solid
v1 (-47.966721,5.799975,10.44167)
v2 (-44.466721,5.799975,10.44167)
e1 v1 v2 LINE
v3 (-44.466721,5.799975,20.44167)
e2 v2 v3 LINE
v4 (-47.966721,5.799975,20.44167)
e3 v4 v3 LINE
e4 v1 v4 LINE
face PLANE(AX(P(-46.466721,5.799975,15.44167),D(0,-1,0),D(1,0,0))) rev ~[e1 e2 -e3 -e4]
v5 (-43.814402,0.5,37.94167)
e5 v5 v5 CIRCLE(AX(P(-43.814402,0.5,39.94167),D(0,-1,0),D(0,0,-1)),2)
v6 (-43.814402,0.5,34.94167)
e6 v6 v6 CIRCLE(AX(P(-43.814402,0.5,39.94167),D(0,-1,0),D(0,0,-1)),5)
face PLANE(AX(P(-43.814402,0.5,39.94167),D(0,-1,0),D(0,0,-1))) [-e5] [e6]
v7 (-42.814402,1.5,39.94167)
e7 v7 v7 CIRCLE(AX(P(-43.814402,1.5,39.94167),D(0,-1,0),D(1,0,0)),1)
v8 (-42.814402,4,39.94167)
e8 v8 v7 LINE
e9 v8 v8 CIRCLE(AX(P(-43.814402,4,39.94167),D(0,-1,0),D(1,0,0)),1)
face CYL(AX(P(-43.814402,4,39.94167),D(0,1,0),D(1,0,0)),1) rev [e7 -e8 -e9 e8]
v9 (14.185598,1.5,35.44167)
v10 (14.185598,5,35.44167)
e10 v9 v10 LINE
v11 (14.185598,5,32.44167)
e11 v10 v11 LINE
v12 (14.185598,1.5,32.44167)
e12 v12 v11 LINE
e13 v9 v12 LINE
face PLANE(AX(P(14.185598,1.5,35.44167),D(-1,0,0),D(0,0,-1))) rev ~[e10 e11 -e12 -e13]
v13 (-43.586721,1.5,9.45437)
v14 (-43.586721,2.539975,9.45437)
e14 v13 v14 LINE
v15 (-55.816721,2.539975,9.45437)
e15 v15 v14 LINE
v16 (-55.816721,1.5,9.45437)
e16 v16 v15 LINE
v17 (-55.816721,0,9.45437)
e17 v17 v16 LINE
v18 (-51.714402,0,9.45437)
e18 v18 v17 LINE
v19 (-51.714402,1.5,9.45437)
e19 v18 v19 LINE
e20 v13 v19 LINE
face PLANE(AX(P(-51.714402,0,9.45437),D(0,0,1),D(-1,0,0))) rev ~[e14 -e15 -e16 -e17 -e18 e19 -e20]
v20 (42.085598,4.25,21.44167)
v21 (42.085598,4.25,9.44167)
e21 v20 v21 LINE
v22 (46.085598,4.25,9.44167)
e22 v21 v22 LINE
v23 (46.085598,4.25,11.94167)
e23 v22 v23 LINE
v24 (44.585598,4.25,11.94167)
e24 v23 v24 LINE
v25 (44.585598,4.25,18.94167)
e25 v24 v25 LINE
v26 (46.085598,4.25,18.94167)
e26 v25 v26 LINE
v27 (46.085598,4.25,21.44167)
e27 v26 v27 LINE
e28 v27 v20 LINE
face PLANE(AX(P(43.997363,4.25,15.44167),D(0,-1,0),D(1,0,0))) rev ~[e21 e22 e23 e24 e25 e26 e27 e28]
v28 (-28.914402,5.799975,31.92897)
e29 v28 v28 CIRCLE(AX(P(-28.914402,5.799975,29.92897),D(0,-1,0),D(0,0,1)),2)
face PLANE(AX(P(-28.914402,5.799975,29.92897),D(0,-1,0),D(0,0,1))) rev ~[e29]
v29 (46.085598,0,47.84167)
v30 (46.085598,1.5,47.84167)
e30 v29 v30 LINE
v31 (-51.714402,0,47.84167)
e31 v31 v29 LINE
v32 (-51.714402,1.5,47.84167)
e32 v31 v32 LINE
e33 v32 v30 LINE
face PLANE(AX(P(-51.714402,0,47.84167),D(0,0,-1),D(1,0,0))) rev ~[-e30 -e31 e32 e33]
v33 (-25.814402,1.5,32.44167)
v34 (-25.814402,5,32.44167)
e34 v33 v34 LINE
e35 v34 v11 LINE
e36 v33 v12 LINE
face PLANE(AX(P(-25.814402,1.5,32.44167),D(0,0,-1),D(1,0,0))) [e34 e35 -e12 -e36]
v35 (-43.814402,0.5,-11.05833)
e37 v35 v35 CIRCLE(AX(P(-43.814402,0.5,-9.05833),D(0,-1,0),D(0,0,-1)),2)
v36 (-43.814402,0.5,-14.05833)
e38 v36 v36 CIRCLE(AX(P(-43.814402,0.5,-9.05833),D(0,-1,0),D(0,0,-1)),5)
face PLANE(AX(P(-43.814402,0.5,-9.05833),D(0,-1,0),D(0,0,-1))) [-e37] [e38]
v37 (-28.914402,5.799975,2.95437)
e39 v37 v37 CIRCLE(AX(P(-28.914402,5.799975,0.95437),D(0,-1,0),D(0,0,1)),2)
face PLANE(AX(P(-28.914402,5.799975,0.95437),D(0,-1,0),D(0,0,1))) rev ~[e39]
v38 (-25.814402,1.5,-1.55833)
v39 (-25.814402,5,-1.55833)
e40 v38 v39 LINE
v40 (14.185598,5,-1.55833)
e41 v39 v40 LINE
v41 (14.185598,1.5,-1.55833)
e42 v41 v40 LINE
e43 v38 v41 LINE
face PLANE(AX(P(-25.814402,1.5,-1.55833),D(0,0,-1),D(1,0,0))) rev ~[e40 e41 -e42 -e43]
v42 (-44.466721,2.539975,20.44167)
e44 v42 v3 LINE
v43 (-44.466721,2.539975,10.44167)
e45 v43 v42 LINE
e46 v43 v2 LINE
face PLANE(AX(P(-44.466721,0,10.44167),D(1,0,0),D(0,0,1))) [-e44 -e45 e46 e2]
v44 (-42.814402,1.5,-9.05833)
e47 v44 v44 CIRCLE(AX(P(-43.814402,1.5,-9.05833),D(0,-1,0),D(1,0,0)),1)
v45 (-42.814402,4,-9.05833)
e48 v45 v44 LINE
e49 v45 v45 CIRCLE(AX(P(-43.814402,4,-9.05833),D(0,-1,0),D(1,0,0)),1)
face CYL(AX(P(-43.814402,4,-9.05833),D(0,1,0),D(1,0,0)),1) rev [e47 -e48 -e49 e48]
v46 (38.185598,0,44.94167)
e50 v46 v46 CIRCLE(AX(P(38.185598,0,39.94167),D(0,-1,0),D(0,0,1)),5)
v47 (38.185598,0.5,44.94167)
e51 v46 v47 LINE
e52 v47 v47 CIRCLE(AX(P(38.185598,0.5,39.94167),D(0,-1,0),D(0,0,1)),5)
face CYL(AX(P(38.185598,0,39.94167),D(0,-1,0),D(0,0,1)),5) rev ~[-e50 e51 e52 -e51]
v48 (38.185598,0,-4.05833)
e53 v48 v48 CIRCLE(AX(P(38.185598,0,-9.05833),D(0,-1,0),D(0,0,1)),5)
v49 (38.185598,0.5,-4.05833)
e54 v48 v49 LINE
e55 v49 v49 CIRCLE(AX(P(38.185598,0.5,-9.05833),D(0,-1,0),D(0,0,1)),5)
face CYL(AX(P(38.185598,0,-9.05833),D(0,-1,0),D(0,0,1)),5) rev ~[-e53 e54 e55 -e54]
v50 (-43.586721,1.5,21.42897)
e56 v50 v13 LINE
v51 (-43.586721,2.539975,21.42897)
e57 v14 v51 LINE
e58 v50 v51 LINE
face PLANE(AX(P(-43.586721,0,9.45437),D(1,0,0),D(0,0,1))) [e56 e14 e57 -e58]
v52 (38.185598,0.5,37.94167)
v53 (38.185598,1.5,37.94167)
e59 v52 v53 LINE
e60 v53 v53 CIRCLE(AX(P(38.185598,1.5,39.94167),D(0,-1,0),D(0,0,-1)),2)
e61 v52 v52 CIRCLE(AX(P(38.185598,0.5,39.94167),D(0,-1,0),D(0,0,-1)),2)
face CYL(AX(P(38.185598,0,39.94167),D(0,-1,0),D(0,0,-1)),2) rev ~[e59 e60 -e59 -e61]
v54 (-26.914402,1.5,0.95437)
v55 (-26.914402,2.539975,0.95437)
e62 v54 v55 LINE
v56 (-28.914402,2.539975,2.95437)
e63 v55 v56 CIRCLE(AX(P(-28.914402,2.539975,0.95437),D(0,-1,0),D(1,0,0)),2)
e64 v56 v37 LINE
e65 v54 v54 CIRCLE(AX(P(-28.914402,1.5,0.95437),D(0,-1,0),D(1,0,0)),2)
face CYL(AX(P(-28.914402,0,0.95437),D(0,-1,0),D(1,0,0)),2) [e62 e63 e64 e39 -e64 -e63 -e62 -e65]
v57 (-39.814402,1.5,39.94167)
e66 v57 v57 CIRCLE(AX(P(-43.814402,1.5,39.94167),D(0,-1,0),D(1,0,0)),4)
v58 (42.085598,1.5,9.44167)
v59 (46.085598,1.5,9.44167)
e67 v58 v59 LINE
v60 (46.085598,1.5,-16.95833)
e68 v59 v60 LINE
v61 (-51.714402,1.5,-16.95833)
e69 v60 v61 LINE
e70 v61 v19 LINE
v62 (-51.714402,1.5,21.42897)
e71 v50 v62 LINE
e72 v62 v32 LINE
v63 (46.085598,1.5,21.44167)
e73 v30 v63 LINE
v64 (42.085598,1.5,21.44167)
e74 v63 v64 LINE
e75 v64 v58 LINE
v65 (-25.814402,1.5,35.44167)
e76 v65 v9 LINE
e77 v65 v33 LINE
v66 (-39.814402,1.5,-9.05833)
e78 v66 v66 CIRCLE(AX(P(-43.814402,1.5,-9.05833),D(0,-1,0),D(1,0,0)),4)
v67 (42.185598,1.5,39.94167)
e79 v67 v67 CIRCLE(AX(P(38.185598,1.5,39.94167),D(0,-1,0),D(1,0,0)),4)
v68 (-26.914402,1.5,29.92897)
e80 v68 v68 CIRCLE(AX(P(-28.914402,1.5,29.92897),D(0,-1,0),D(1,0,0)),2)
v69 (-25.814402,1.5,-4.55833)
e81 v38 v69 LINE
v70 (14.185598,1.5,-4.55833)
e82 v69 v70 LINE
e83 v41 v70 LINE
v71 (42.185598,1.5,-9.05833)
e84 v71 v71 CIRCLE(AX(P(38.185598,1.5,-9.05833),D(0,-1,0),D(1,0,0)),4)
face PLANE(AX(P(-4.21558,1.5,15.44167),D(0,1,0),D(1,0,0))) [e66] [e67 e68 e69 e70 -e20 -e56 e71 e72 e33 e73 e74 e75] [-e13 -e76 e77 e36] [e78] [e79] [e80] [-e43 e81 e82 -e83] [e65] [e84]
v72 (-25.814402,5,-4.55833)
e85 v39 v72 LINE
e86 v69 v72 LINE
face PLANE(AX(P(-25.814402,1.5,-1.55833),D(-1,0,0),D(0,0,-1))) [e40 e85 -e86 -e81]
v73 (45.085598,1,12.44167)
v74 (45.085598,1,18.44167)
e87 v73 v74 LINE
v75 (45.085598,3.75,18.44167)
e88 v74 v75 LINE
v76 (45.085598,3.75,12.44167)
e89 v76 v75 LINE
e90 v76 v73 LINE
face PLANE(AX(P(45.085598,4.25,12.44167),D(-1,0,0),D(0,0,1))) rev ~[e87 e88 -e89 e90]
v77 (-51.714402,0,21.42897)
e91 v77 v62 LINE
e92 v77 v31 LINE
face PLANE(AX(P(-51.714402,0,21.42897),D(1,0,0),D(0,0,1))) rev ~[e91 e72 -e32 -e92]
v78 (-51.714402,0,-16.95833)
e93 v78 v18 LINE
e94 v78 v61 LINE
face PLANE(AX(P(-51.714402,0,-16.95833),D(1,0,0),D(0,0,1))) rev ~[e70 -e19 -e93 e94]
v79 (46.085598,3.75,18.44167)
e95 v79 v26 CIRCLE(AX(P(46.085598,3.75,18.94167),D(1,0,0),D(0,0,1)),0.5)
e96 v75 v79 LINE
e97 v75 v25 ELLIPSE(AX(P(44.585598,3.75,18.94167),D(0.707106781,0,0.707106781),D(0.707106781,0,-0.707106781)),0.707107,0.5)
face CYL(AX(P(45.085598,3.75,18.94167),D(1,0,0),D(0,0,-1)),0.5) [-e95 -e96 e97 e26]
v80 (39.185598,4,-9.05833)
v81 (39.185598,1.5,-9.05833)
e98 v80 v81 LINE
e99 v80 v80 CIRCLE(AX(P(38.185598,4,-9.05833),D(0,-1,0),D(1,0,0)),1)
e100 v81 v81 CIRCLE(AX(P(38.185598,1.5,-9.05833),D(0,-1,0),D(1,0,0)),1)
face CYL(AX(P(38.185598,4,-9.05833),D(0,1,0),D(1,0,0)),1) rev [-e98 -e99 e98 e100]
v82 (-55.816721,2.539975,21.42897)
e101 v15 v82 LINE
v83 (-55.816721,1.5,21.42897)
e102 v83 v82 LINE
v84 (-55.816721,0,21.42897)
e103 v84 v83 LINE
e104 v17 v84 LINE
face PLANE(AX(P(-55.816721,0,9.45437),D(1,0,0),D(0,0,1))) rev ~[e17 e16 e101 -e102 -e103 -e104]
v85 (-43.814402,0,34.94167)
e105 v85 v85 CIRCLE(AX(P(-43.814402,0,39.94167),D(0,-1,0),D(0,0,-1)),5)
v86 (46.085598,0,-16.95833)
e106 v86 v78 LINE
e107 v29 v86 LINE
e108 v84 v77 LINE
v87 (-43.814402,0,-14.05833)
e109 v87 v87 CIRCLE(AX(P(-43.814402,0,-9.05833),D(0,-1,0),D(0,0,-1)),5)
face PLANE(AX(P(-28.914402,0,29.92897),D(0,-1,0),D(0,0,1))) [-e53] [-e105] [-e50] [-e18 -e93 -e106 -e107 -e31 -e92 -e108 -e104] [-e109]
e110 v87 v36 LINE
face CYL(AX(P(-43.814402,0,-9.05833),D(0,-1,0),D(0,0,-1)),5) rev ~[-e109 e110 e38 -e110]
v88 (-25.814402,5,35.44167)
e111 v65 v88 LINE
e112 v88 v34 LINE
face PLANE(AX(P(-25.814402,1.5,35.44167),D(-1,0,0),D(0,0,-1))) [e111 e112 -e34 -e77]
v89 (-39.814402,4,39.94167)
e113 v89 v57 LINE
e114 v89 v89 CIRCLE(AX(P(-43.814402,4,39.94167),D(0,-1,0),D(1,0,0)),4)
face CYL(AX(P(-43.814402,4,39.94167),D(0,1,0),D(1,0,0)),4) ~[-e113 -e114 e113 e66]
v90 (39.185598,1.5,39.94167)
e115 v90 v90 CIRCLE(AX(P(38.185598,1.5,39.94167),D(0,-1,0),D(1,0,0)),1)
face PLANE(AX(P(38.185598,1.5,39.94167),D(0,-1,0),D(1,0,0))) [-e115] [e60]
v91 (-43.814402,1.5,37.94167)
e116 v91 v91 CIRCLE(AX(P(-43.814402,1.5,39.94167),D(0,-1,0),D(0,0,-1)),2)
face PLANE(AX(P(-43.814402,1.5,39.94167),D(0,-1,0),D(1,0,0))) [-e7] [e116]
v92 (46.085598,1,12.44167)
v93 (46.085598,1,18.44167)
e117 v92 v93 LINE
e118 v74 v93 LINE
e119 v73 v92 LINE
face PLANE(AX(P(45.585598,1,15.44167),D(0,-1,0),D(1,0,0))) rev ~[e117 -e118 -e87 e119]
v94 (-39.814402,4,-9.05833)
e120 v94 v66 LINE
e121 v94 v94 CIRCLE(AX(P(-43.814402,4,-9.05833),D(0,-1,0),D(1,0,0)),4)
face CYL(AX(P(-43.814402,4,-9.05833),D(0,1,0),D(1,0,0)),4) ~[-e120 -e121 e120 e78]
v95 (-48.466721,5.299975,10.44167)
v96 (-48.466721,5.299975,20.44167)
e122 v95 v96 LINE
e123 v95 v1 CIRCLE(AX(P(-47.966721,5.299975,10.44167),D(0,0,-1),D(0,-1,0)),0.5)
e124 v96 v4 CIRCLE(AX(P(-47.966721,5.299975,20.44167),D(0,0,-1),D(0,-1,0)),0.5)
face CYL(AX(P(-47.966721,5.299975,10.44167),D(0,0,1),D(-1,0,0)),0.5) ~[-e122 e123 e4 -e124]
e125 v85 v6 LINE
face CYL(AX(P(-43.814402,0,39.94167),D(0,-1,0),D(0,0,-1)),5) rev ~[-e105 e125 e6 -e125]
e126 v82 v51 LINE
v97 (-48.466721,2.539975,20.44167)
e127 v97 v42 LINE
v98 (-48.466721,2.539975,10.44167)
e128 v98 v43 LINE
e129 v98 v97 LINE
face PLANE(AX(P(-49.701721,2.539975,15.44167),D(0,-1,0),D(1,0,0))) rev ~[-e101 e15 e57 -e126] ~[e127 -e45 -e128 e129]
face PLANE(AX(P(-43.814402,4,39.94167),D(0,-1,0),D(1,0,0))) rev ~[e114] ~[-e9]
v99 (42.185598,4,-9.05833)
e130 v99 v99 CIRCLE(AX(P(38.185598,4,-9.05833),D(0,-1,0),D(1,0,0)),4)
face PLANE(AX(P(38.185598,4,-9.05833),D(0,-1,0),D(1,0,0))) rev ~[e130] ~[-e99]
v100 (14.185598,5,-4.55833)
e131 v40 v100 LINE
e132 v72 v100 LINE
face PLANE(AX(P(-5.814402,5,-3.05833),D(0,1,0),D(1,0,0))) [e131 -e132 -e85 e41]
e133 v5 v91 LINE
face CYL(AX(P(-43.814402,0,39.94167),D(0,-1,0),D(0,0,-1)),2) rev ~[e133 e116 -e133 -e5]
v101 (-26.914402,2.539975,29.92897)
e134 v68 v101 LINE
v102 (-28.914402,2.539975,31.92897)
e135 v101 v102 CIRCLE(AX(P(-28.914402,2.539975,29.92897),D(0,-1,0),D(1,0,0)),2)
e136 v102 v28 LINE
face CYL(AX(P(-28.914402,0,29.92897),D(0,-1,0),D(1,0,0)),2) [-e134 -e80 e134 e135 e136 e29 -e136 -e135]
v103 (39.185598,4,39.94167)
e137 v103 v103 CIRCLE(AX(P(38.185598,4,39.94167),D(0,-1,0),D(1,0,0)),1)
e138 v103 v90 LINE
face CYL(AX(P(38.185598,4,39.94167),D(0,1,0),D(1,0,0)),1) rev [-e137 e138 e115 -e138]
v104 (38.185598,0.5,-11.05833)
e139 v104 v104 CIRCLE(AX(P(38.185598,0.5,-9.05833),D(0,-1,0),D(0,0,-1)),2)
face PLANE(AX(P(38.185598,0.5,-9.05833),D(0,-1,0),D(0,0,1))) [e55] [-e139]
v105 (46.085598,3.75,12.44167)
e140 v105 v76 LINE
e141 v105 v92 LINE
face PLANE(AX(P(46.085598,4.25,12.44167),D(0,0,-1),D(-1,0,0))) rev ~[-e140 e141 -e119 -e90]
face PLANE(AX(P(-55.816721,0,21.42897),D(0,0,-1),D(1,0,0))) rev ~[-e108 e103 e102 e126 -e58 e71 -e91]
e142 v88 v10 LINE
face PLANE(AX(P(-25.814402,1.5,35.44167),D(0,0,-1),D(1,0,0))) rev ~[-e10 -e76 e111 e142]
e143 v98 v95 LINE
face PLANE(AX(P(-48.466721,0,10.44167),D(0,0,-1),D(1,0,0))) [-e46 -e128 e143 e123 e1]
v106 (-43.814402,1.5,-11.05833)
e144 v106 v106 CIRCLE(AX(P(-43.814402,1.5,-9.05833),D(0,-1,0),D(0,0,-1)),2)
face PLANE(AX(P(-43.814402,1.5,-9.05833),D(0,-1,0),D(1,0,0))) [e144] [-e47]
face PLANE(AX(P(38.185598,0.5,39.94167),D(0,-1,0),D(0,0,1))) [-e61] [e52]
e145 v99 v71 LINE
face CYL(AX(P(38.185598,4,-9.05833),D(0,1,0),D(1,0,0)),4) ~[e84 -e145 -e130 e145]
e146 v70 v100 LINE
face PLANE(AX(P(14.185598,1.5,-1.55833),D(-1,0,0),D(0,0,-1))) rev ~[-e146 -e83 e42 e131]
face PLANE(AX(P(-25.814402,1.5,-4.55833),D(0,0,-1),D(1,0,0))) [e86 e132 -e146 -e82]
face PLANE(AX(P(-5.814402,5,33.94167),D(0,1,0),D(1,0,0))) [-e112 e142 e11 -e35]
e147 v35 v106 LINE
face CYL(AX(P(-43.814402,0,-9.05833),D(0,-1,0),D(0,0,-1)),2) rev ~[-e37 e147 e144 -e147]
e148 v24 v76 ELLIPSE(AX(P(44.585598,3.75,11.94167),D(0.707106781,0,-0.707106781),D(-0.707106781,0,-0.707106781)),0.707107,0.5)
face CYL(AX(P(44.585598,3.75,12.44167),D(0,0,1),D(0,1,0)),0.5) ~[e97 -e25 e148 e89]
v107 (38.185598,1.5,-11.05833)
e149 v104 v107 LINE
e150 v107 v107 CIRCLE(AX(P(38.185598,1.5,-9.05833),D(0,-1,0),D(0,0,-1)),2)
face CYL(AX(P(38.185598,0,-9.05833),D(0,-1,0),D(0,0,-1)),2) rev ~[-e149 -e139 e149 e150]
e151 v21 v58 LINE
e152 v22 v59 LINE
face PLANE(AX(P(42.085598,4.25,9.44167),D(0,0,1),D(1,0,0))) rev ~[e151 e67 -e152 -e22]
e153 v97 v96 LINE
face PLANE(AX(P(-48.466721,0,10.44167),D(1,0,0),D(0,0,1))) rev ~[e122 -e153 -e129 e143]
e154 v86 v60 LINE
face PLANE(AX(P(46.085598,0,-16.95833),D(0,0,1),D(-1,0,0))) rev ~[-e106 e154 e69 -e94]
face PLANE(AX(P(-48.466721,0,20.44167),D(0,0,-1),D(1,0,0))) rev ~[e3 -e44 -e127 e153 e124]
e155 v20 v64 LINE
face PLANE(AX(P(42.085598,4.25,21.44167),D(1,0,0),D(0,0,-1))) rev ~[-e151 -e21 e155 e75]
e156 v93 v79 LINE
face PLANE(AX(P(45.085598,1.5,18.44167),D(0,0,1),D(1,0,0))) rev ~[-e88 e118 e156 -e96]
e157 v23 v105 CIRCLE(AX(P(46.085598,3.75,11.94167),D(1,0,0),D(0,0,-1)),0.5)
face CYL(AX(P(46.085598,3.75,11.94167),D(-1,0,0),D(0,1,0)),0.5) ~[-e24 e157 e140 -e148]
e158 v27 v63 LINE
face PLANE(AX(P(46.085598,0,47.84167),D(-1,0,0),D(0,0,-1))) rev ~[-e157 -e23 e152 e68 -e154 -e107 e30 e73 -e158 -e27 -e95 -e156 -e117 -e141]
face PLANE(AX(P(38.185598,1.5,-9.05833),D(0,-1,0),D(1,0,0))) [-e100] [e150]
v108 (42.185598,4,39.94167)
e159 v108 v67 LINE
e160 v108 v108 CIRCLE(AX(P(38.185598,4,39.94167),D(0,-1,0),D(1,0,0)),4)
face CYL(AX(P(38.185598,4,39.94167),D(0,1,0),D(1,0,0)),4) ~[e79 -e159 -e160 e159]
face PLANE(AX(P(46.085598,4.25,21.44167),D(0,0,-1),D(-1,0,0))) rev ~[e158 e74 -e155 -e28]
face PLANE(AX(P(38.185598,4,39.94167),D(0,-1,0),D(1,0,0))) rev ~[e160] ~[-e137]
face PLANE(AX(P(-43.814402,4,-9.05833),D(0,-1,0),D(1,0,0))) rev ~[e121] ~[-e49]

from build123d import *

# Parameters (mm, degrees)
EXTRUDE_1_DEPTH     = 1.5
SKETCH_2_R          = 5
CUT_EXTRUDE_1_DEPTH = 0.5
SKETCH_11_R         = 2
SKETCH_11_W         = 12.230000073
SKETCH_11_H         = 11.974599949
EXTRUDE_5_DEPTH     = 2.539974634
SKETCH_13_R         = 2
SKETCH_13_W         = 4
SKETCH_13_H         = 10
TYPEC_2_DEPTH       = 5.7999746
LED_3_START         = -4.25
LED_3_DEPTH         = 2.75
LED_1_R             = 0.5
CUT_EXTRUDE_2_REACH = 75.743
SKETCH_15_R         = 2
EXTRUDE_START       = -4
SKETCH_16_R         = 4
SKETCH_16_R_2       = 1
EXTRUDE_4_DEPTH     = 2.5
LED_2_START         = -1.5
SKETCH_17_W         = 1
SKETCH_17_H         = 6
LED_2_DEPTH         = 0.5
SKETCH_18_W         = 40
SKETCH_18_H         = 3
EXTRUDE_2_DEPTH     = 3.5


with BuildPart() as part:
    # 草图1 → 凸台-拉伸1 (new body)
    with BuildSketch(Plane(origin=(0, 0, 0), x_dir=(1, 0, 0), z_dir=(0, 1, 0))):
        Polygon((-51.714401712, -9.454370264), (-55.816720774, -9.454370264), (-55.816720774, -21.428970213), (-51.714401712, -21.428970213), (-51.714401712, -47.841670238), (46.085598288, -47.841670238), (46.085598288, 16.958329762), (-51.714401712, 16.958329762), align=None)
    extrude(amount=EXTRUDE_1_DEPTH)

    # 草图2 → 防滑切除-拉伸1 (cut)
    with BuildSketch(Plane.XZ):
        with Locations(Location((-43.814401712, -9.058329762, 0), (0, 0, 270))):
            Circle(SKETCH_2_R)
        with Locations(Location((-43.814401712, 39.941670238, 0), (0, 0, 270))):
            Circle(SKETCH_2_R)
        with Locations(Location((38.185598288, 39.941670238, 0), (0, 0, 90))):
            Circle(SKETCH_2_R)
        with Locations(Location((38.185598288, -9.058329762, 0), (0, 0, 90))):
            Circle(SKETCH_2_R)
    extrude(amount=-CUT_EXTRUDE_1_DEPTH, mode=Mode.SUBTRACT)

    # 草图11 → 充电板档板凸台-拉伸5 (add)
    with BuildSketch(Plane.XZ):
        with Locations((-28.914401712, 29.928970213)):
            Circle(SKETCH_11_R)
        with Locations((-28.914401712, 0.954370264)):
            Circle(SKETCH_11_R)
        with Locations((-49.701720738, 15.441670239)):
            Rectangle(SKETCH_11_W, SKETCH_11_H)
    extrude(amount=-EXTRUDE_5_DEPTH)

    # 草图13 → TypeC支撑凸台-拉伸2 (add)
    with BuildSketch(Plane.XZ):
        with Locations(Location((-28.914401712, 29.928970213, 0), (0, 0, 90))):
            Circle(SKETCH_13_R)
        with Locations(Location((-28.914401712, 0.954370264, 0), (0, 0, 90))):
            Circle(SKETCH_13_R)
        with Locations((-46.466720701, 15.441670238)):
            Rectangle(SKETCH_13_W, SKETCH_13_H)
    extrude(amount=-TYPEC_2_DEPTH)

    # 草图14 → LED限位凸台-拉伸3 (add)
    with BuildSketch(Plane.XZ.offset(LED_3_START)):
        Polygon((45.085598288, 12.441670238), (45.085598288, 18.441670238), (46.085598288, 18.441670238), (46.085598288, 21.441670238), (42.085598288, 21.441670238), (42.085598288, 9.441670238), (46.085598288, 9.441670238), (46.085598288, 12.441670238), align=None)
    extrude(amount=LED_3_DEPTH)

    # LED限位圆角1
    led_1_edges = [part.edges().sort_by_distance(p)[0] for p in [
        (45.585598288, 4.25, 18.441670238),
        (45.585598288, 4.25, 12.441670238),
        (45.085598288, 4.25, 15.441670238),
        (-48.466720701, 5.7999746, 15.441670238),
    ]]
    fillet(led_1_edges, radius=LED_1_R)

    # 草图15 → 螺丝孔位切除-拉伸2 (cut, up to next)
    with BuildSketch(Plane.XZ, mode=Mode.PRIVATE) as cut_extrude_2_sk1:
        with Locations(Location((-43.814401712, -9.058329762, 0), (0, 0, 270))):
            Circle(SKETCH_15_R)
    cut_extrude_2_tool1 = extrude(cut_extrude_2_sk1.sketch, amount=-CUT_EXTRUDE_2_REACH, mode=Mode.PRIVATE) & part.part
    # 草图15 → 螺丝孔位切除-拉伸2 (cut, up to next)
    with BuildSketch(Plane.XZ, mode=Mode.PRIVATE) as cut_extrude_2_sk2:
        with Locations(Location((-43.814401712, 39.941670238, 0), (0, 0, 270))):
            Circle(SKETCH_15_R)
    cut_extrude_2_tool2 = extrude(cut_extrude_2_sk2.sketch, amount=-CUT_EXTRUDE_2_REACH, mode=Mode.PRIVATE) & part.part
    # 草图15 → 螺丝孔位切除-拉伸2 (cut, up to next)
    with BuildSketch(Plane.XZ, mode=Mode.PRIVATE) as cut_extrude_2_sk3:
        with Locations(Location((38.185598288, -9.058329762, 0), (0, 0, 270))):
            Circle(SKETCH_15_R)
    cut_extrude_2_tool3 = extrude(cut_extrude_2_sk3.sketch, amount=-CUT_EXTRUDE_2_REACH, mode=Mode.PRIVATE) & part.part
    # 草图15 → 螺丝孔位切除-拉伸2 (cut, up to next)
    with BuildSketch(Plane.XZ, mode=Mode.PRIVATE) as cut_extrude_2_sk4:
        with Locations(Location((38.185598288, 39.941670238, 0), (0, 0, 270))):
            Circle(SKETCH_15_R)
    cut_extrude_2_tool4 = extrude(cut_extrude_2_sk4.sketch, amount=-CUT_EXTRUDE_2_REACH, mode=Mode.PRIVATE) & part.part
    add(cut_extrude_2_tool1.solids().sort_by_distance((-43.814402, 0, -9.05833))[0], mode=Mode.SUBTRACT)
    add(cut_extrude_2_tool2.solids().sort_by_distance((-43.814402, 0, 39.94167))[0], mode=Mode.SUBTRACT)
    add(cut_extrude_2_tool3.solids().sort_by_distance((38.185598, 0, -9.05833))[0], mode=Mode.SUBTRACT)
    add(cut_extrude_2_tool4.solids().sort_by_distance((38.185598, 0, 39.94167))[0], mode=Mode.SUBTRACT)

    # 草图16 → 螺丝孔凸台-拉伸4 (add)
    # profile 1 of 4: a face of its own
    with BuildSketch(Plane.XZ.offset(EXTRUDE_START)):
        with Locations((38.185598288, -9.058329762)):
            Circle(SKETCH_16_R)
        with Locations((38.185598288, -9.058329762)):
            Circle(SKETCH_16_R_2, mode=Mode.SUBTRACT)
    # profile 2 of 4: a face of its own
    with BuildSketch(Plane.XZ.offset(EXTRUDE_START)):
        with Locations((38.185598288, 39.941670238)):
            Circle(SKETCH_16_R)
        with Locations((38.185598288, 39.941670238)):
            Circle(SKETCH_16_R_2, mode=Mode.SUBTRACT)
    # profile 3 of 4: a face of its own
    with BuildSketch(Plane.XZ.offset(EXTRUDE_START)):
        with Locations((-43.814401712, -9.058329762)):
            Circle(SKETCH_16_R)
        with Locations((-43.814401712, -9.058329762)):
            Circle(SKETCH_16_R_2, mode=Mode.SUBTRACT)
    # profile 4 of 4: a face of its own
    with BuildSketch(Plane.XZ.offset(EXTRUDE_START)):
        with Locations((-43.814401712, 39.941670238)):
            Circle(SKETCH_16_R)
        with Locations((-43.814401712, 39.941670238)):
            Circle(SKETCH_16_R_2, mode=Mode.SUBTRACT)
    extrude(amount=EXTRUDE_4_DEPTH)

    # 草图17 → LED灯嵌入切除-拉伸2 (cut)
    with BuildSketch(Plane.XZ.offset(LED_2_START)):
        with Locations((45.585598288, 15.441670238)):
            Rectangle(SKETCH_17_W, SKETCH_17_H)
    extrude(amount=LED_2_DEPTH, mode=Mode.SUBTRACT)

    # 草图18 → 散热板支撑凸台-拉伸2 (add)
    with BuildSketch(Plane(origin=(0, 1.5, 0), x_dir=(1, 0, 0), z_dir=(0, 1, 0))):
        with Locations((-5.814401712, 3.058329762)):
            Rectangle(SKETCH_18_W, SKETCH_18_H)
        with Locations((-5.814401712, -33.941670238)):
            Rectangle(SKETCH_18_W, SKETCH_18_H)
    extrude(amount=EXTRUDE_2_DEPTH)


solid = part.part
